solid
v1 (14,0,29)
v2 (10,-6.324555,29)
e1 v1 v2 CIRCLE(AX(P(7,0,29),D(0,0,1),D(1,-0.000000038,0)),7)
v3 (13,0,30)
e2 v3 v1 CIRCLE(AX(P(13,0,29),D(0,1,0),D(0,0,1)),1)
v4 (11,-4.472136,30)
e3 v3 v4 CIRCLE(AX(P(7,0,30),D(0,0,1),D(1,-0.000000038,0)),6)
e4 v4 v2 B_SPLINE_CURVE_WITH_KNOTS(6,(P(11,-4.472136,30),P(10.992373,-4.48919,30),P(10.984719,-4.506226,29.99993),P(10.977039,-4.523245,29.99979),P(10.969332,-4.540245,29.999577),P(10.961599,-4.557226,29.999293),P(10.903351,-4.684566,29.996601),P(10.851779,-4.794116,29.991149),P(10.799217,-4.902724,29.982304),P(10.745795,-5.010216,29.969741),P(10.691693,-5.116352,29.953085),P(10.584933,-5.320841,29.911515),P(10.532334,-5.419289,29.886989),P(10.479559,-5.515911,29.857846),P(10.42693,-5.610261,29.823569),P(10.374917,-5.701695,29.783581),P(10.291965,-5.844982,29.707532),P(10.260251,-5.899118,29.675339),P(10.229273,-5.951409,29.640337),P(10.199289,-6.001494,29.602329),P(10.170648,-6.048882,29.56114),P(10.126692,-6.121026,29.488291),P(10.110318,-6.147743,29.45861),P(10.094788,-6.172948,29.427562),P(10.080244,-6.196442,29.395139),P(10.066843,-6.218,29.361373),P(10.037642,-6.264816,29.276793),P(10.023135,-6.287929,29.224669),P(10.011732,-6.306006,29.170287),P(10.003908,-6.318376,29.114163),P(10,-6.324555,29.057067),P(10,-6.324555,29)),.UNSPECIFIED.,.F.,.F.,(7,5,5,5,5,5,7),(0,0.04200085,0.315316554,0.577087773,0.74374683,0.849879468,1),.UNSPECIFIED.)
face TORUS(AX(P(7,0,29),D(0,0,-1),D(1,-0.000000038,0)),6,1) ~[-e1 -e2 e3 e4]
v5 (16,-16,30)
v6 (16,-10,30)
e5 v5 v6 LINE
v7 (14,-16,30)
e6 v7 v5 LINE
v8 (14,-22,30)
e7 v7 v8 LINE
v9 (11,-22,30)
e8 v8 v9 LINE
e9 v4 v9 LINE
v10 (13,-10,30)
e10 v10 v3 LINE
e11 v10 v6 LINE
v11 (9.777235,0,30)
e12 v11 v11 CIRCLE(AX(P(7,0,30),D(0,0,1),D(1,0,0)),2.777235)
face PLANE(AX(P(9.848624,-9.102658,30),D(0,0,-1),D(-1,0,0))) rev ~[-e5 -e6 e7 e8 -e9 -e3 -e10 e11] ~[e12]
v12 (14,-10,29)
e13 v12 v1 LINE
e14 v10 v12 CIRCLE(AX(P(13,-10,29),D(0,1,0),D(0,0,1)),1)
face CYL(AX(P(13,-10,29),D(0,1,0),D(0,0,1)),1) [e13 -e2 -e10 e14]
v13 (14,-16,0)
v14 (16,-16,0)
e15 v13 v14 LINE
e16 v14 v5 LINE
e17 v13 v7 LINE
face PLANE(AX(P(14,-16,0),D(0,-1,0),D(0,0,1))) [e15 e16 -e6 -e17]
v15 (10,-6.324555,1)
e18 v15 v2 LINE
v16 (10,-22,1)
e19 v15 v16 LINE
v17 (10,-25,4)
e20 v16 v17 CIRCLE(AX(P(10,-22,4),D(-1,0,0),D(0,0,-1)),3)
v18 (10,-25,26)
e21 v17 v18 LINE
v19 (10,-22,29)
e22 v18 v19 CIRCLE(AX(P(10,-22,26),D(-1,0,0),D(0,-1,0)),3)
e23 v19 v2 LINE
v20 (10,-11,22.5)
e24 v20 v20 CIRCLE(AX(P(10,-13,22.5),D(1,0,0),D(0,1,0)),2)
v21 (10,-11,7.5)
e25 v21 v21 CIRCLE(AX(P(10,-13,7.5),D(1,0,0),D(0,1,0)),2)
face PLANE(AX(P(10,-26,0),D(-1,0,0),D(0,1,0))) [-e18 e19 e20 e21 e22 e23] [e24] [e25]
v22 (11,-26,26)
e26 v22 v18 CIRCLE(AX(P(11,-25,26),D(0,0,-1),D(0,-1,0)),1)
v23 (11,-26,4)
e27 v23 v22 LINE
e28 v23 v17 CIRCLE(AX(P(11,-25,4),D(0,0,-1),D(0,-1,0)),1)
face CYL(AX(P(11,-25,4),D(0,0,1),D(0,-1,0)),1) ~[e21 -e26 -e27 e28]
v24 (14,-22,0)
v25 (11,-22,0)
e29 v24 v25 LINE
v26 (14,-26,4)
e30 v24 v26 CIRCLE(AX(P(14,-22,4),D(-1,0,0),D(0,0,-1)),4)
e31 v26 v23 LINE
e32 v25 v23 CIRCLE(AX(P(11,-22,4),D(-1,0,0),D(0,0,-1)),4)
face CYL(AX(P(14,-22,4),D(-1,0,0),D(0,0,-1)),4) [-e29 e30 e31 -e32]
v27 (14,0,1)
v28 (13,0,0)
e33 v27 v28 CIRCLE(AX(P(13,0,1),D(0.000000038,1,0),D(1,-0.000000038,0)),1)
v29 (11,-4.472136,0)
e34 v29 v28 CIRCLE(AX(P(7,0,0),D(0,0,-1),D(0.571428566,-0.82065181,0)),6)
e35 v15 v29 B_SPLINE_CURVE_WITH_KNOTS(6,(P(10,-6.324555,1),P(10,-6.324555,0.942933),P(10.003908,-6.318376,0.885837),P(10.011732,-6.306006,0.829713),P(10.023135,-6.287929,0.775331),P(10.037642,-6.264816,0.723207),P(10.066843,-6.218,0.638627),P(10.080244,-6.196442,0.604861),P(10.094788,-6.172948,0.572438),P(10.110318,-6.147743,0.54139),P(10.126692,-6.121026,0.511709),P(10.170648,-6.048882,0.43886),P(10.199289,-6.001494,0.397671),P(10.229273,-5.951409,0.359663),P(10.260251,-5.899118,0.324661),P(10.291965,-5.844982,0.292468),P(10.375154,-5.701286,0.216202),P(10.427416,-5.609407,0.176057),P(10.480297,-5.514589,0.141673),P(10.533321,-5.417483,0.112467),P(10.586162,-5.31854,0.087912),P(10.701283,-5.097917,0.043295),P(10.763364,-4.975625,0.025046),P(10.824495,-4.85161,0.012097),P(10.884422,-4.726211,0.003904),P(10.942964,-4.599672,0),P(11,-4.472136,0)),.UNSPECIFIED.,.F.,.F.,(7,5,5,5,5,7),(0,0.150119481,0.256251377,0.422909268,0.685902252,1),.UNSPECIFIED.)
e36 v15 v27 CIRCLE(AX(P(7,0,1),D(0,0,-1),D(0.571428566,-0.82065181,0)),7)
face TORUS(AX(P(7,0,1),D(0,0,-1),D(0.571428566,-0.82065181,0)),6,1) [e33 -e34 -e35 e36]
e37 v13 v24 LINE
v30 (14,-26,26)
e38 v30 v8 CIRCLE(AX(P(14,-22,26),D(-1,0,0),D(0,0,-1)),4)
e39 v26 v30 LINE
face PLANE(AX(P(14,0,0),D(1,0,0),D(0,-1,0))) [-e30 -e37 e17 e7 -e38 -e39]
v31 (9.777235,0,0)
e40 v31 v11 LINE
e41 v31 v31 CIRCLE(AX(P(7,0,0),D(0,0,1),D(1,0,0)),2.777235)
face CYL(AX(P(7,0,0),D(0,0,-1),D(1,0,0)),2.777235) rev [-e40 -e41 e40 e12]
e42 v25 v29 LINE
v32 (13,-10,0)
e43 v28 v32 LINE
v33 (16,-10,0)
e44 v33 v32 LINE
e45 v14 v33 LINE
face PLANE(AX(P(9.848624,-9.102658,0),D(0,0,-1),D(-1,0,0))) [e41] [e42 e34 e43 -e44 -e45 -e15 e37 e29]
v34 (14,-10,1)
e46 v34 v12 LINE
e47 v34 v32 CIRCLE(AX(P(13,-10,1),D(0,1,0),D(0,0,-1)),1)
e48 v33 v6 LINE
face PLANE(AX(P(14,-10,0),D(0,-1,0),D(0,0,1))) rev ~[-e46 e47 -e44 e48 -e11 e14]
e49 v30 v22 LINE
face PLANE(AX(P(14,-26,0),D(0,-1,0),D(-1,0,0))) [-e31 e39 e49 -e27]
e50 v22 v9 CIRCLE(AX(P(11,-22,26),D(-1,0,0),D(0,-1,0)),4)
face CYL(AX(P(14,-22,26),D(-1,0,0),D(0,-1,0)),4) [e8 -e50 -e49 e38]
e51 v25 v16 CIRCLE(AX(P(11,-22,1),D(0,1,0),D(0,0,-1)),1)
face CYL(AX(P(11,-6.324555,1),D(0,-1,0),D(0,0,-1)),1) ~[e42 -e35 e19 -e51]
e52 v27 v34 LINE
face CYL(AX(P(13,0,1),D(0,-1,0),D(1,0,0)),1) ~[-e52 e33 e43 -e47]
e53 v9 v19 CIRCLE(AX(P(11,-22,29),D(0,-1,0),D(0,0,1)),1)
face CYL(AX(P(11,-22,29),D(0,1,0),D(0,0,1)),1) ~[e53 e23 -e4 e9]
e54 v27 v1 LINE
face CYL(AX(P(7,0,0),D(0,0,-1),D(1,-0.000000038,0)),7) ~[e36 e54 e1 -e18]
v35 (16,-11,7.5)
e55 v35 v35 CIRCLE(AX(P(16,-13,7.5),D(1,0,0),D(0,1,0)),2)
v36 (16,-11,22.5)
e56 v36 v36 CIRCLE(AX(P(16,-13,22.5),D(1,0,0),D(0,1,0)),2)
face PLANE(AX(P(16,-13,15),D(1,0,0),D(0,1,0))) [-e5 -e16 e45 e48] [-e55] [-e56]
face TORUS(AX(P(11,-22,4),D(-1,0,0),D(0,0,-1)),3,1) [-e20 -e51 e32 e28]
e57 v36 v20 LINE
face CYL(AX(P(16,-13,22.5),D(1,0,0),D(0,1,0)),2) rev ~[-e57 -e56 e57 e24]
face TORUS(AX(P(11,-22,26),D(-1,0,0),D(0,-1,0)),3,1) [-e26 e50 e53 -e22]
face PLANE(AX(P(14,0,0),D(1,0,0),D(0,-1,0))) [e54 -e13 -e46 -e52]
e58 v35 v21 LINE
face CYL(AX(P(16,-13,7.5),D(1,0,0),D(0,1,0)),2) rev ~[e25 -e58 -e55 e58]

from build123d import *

# Parameters (mm, degrees)
SKETCH_R     = 2.777235
PAD_DEPTH    = 30
SKETCH001_W  = 6
SKETCH001_H  = 30
PAD001_DEPTH = 2
SKETCH002_R  = 2
POCKET_DEPTH = 6
FILLET_R     = 4
FILLET001_R  = 4
FILLET002_R  = 1
FILLET003_R  = 1
FILLET004_R  = 1


with BuildPart() as part:
    # Sketch → Pad (new body)
    with BuildSketch(Plane.XY):
        with BuildLine():
            Line((14, 0), (14, -26))
            Line((14, -26), (10, -26))
            Line((10, -26), (10, -6.324555))
            ThreePointArc((14, 0), (1.08392, 3.741657), (10, -6.324555))
        make_face()
        with Locations((7, 0)):
            Circle(SKETCH_R, mode=Mode.SUBTRACT)
    extrude(amount=PAD_DEPTH)

    # Sketch001 → Pad001 (new body)
    with BuildSketch(Plane.YZ.offset(14)):
        with Locations((-13, 15)):
            Rectangle(SKETCH001_W, SKETCH001_H)
    extrude(amount=PAD001_DEPTH)

    # Sketch002 → Pocket (cut)
    with BuildSketch(Plane.YZ.offset(16)):
        with Locations((-13, 22.5)):
            Circle(SKETCH002_R)
        with Locations((-13, 7.5)):
            Circle(SKETCH002_R)
    extrude(amount=-POCKET_DEPTH, mode=Mode.SUBTRACT)

    # Fillet
    fillet_edges = [part.edges().sort_by_distance(p)[0] for p in [
        (12, -26, 0),
    ]]
    fillet(fillet_edges, radius=FILLET_R)

    # Fillet001
    fillet001_edges = [part.edges().sort_by_distance(p)[0] for p in [
        (12, -26, 30),
    ]]
    fillet(fillet001_edges, radius=FILLET001_R)

    # Fillet002
    fillet002_edges = [part.edges().sort_by_distance(p)[0] for p in [
        (10, -26, 15),
    ]]
    fillet(fillet002_edges, radius=FILLET002_R)

    # Fillet003
    fillet003_edges = [part.edges().sort_by_distance(p)[0] for p in [
        (1.08392, 3.741657, 30),
    ]]
    fillet(fillet003_edges, radius=FILLET003_R)

    # Fillet004
    fillet004_edges = [part.edges().sort_by_distance(p)[0] for p in [
        (1.08392, 3.741657, 0),
    ]]
    fillet(fillet004_edges, radius=FILLET004_R)


solid = part.part
